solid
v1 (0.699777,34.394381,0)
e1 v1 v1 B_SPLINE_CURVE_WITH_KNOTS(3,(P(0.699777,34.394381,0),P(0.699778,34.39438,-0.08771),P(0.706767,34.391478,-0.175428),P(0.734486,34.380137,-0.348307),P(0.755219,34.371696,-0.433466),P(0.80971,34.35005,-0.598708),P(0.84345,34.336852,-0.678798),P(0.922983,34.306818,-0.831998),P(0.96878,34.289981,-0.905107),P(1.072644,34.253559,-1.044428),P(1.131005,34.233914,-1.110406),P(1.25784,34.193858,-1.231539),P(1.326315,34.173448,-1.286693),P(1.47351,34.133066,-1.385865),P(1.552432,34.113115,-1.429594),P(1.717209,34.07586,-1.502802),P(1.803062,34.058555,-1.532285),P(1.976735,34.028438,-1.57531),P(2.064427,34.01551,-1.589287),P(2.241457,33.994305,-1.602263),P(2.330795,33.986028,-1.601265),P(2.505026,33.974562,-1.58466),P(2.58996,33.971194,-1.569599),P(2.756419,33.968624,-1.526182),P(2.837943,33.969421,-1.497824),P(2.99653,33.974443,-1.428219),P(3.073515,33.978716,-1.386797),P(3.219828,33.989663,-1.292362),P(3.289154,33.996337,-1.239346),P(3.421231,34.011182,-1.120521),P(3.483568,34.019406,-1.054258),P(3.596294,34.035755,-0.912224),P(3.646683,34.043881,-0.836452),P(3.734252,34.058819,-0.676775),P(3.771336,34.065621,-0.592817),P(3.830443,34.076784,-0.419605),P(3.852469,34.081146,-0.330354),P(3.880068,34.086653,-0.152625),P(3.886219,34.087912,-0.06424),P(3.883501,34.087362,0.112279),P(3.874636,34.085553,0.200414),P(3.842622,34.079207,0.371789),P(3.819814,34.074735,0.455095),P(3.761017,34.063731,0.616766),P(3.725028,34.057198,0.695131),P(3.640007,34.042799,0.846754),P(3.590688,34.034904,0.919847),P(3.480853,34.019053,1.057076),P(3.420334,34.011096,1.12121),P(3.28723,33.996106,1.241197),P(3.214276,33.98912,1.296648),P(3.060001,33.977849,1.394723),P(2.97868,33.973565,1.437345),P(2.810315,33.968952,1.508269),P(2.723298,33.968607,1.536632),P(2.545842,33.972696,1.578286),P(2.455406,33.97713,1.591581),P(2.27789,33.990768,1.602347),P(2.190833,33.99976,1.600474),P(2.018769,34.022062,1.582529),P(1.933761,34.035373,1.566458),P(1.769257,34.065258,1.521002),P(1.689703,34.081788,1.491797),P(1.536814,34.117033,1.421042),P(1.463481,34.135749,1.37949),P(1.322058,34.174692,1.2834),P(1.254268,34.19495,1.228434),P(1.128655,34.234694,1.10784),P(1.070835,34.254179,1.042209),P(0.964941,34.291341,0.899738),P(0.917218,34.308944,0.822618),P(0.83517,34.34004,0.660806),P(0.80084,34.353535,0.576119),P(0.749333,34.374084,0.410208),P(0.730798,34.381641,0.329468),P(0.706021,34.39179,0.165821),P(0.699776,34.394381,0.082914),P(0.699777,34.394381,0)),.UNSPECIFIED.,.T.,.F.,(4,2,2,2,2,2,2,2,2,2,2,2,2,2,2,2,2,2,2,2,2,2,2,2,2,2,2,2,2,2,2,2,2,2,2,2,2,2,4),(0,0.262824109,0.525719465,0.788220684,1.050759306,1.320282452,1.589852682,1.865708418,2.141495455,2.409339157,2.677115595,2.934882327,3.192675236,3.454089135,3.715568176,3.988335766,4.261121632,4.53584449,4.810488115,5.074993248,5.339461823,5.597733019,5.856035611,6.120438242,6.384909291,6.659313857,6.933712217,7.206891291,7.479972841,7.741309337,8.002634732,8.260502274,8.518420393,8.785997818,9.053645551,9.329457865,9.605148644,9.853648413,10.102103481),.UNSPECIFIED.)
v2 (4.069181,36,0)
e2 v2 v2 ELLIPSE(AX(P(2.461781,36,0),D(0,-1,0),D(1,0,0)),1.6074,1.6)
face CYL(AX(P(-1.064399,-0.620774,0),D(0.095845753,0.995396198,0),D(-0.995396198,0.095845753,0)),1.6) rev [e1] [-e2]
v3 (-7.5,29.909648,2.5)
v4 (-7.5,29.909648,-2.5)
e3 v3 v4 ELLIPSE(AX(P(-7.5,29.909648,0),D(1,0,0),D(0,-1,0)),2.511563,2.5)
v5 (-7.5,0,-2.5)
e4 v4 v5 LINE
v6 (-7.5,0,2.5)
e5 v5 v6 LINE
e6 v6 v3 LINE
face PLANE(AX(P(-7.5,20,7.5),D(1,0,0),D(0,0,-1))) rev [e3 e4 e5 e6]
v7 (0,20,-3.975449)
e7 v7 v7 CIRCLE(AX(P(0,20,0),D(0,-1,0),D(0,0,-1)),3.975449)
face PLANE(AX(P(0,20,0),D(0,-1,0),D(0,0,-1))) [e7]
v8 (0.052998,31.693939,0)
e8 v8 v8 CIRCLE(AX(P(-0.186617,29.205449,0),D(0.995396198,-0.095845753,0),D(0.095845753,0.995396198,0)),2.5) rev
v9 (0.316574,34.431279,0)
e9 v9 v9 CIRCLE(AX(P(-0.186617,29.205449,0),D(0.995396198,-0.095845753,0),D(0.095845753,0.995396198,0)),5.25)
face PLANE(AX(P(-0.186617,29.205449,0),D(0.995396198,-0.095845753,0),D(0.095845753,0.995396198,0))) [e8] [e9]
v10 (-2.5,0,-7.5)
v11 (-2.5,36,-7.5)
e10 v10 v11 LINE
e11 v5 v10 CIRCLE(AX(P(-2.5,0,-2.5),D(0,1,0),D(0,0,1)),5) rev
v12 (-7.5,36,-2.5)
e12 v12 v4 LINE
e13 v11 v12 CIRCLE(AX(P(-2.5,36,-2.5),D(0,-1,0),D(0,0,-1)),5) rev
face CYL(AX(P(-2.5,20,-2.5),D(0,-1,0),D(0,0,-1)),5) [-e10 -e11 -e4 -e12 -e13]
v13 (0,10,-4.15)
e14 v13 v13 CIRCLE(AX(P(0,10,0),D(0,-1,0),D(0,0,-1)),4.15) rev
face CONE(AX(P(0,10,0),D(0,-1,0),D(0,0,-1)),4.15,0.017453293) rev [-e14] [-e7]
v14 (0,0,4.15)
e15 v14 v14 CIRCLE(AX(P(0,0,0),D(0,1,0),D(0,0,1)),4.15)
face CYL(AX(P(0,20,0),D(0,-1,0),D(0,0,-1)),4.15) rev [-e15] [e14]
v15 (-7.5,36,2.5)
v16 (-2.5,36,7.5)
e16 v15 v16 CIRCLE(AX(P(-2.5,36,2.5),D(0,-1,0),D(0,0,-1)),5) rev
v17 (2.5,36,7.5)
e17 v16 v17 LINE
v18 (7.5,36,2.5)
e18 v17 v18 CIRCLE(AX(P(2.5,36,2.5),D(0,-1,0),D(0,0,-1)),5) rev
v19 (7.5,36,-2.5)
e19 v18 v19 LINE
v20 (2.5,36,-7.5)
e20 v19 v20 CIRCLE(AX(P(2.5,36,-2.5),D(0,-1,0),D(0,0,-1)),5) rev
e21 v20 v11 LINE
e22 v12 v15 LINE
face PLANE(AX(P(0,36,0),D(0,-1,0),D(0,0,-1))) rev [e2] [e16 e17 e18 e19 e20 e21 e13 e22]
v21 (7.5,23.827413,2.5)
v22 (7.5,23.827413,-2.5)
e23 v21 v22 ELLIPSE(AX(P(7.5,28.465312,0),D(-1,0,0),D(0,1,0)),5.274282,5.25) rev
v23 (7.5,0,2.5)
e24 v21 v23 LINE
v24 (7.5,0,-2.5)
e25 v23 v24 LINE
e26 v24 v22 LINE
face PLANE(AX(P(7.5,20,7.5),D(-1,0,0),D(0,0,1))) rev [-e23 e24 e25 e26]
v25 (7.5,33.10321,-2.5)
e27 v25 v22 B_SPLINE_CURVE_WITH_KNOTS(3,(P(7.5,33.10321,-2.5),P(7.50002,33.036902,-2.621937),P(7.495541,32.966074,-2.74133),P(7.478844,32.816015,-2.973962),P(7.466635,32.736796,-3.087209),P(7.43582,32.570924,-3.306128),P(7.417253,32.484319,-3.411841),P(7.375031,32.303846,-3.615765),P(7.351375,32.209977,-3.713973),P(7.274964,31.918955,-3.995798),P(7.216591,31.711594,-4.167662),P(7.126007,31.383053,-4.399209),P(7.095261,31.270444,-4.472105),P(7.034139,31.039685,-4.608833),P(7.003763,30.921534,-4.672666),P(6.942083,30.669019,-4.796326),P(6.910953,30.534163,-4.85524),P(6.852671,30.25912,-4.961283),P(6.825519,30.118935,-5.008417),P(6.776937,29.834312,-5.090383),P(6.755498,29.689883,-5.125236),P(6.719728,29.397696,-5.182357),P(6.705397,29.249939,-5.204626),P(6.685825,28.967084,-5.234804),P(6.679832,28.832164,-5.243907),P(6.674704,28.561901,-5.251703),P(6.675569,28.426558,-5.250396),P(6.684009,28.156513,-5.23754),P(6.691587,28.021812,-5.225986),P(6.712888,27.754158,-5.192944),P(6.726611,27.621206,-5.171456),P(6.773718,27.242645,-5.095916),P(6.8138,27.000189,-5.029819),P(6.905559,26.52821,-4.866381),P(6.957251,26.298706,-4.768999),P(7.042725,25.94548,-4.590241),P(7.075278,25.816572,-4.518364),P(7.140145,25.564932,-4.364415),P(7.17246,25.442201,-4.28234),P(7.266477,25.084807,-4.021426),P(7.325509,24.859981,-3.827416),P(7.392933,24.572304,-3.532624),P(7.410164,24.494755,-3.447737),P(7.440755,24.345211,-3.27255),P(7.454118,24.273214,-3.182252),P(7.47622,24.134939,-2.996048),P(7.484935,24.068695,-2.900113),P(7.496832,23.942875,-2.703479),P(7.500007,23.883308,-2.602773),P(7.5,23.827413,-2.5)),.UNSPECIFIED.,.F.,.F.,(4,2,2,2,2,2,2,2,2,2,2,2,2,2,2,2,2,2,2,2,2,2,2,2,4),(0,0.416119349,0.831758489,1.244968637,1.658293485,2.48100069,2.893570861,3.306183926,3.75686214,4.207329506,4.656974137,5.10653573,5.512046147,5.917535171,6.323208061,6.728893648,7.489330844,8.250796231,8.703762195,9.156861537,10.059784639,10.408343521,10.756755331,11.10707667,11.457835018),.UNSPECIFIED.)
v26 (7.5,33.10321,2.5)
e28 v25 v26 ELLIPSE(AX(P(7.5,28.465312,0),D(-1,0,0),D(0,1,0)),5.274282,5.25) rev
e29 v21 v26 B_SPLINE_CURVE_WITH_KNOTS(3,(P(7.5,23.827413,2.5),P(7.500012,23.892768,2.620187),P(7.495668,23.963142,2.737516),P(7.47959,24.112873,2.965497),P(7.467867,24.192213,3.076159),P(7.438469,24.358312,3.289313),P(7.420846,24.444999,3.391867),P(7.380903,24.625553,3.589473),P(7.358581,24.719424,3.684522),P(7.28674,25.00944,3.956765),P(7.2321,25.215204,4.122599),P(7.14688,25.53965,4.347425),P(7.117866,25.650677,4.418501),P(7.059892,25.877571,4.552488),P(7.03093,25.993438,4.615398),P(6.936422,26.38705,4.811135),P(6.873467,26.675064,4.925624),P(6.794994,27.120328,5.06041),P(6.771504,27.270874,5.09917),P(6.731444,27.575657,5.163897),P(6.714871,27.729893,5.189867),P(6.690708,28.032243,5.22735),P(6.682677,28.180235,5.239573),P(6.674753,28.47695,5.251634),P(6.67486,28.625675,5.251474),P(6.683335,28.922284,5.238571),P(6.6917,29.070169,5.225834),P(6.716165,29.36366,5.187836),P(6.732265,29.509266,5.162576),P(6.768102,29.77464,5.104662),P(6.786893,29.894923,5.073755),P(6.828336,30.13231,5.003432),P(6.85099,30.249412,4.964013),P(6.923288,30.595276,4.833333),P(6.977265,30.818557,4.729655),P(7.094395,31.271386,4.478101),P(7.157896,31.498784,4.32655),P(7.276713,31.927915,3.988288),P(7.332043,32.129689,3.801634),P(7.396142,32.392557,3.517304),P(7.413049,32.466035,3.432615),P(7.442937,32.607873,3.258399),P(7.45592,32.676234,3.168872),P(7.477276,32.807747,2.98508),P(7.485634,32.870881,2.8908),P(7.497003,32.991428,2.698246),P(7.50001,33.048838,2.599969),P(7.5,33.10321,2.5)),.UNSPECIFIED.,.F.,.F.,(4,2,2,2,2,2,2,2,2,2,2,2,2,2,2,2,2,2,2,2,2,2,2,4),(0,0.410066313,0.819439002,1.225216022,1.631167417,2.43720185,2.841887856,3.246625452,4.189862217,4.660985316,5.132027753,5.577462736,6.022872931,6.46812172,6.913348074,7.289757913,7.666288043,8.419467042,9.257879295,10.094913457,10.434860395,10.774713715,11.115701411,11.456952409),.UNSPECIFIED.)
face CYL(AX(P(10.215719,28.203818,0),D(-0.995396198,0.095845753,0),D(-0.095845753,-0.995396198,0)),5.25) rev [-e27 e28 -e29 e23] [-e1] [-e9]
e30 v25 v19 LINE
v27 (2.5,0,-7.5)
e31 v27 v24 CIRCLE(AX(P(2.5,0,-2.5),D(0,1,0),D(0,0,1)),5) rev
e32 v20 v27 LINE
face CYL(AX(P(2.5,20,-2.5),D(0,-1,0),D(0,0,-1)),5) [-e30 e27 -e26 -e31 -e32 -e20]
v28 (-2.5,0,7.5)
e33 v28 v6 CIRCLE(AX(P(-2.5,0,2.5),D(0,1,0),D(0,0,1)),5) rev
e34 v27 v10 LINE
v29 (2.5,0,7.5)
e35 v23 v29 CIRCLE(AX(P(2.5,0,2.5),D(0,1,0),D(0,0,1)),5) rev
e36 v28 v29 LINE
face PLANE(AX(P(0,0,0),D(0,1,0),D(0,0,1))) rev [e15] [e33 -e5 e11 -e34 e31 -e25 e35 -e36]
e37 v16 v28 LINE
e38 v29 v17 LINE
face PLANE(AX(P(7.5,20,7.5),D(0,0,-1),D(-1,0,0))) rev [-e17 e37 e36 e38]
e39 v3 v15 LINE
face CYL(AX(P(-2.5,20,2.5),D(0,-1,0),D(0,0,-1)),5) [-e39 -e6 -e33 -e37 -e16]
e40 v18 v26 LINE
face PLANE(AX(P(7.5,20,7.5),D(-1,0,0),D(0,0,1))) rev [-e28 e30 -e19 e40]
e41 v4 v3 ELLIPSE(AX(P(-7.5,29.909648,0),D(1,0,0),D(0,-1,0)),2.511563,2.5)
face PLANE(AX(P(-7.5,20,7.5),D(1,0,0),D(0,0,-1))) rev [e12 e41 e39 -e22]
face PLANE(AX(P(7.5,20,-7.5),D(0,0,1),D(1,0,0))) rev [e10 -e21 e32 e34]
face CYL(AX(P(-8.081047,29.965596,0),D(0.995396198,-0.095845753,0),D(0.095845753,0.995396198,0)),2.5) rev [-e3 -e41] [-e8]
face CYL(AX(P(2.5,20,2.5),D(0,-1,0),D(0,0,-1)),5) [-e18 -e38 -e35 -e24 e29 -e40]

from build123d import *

# Parameters (mm, degrees)
SKETCH1_W                      = 15
SKETCH1_H                      = 15
SKETCH1_R                      = 4.15
BOSS_EXTRUDE1_DEPTH            = 20
SKETCH2_W                      = 15
SKETCH2_H                      = 15
BOSS_EXTRUDE2_DEPTH            = 16
FILLET1_R                      = 5
CUT_EXTRUDE1_DEPTH             = 39.422077783
CUT_EXTRUDE1_DEPTH_BACK        = 39.422077783
SKETCH3_R                      = 2.5
CUT_EXTRUDE2_DEPTH             = 39.422077783
CUT_EXTRUDE2_DEPTH_BACK        = 7
SKETCH4_R                      = 5.25
CUT_EXTRUDE3_REACH             = 44.637
SKETCH5_R                      = 1.6
CUT_EXTRUDE3_DIRECTION_2_DEPTH = 10
CHAMFER1_SIZE                  = 10
CHAMFER1_SIZE2                 = 0.174550649


with BuildPart() as part:
    # Sketch1 → Boss-Extrude1 (new body)
    with BuildSketch(Plane(origin=(0, 0, 0), x_dir=(1, 0, 0), z_dir=(0, 1, 0))):
        Rectangle(SKETCH1_W, SKETCH1_H)
        Circle(SKETCH1_R, mode=Mode.SUBTRACT)
    extrude(amount=BOSS_EXTRUDE1_DEPTH)

    # Sketch2 → Boss-Extrude2 (add)
    with BuildSketch(Plane(origin=(0, 20, 0), x_dir=(1, 0, 0), z_dir=(0, 1, 0))):
        Rectangle(SKETCH2_W, SKETCH2_H)
    extrude(amount=BOSS_EXTRUDE2_DEPTH)

    # Fillet1
    fillet1_edges = [part.edges().sort_by_distance(p)[0] for p in [
        (-7.5, 18, -7.5),
        (7.5, 18, -7.5),
        (-7.5, 18, 7.5),
        (7.5, 18, 7.5),
    ]]
    fillet(fillet1_edges, radius=FILLET1_R)

    # Sketch3 → Cut-Extrude1 (cut, two sides: drawn at the far end of the back side and taken through both)
    with BuildSketch(Plane(origin=(4.046061336, 0.129475488, 0), x_dir=(0, 0, -1), z_dir=(0.9953961983671789, -0.09584575252022422, 0)).offset(-CUT_EXTRUDE1_DEPTH_BACK)):
        with Locations((0, 28.536429083)):
            Circle(SKETCH3_R)
    extrude(amount=CUT_EXTRUDE1_DEPTH + CUT_EXTRUDE1_DEPTH_BACK, mode=Mode.SUBTRACT)

    # Sketch4 → Cut-Extrude2 (cut, two sides: drawn at the far end of the back side and taken through both)
    with BuildSketch(Plane(origin=(4.046061336, 0.129475488, 0), x_dir=(0, 0, -1), z_dir=(0.9953961983671789, -0.09584575252022422, 0)).offset(-CUT_EXTRUDE2_DEPTH_BACK)):
        with Locations((0, 28.536429083)):
            Circle(SKETCH4_R)
    extrude(amount=CUT_EXTRUDE2_DEPTH + CUT_EXTRUDE2_DEPTH_BACK, mode=Mode.SUBTRACT)

    # Sketch5 → Cut-Extrude3 (cut, up to next)
    with BuildSketch(Plane(origin=(15.282832762, 35.250598441, 0), x_dir=(-0.9953961983671784, 0.09584575252022766, 0), z_dir=(-0.09584575252022767, -0.9953961983671784, 0)), mode=Mode.PRIVATE) as cut_extrude3_sk1:
        with Locations((12.833853497, 0)):
            Circle(SKETCH5_R)
    cut_extrude3_tool1 = extrude(cut_extrude3_sk1.sketch, amount=CUT_EXTRUDE3_REACH, mode=Mode.PRIVATE) & part.part
    add(cut_extrude3_tool1.solids().sort_by_distance((2.508064, 36.480669, 0))[0], mode=Mode.SUBTRACT)

    # Sketch5 → Cut-Extrude3 direction 2 (cut)
    with BuildSketch(Plane(origin=(15.282832762, 35.250598441, 0), x_dir=(-0.9953961983671784, 0.09584575252022766, 0), z_dir=(-0.09584575252022767, -0.9953961983671784, 0))):
        with Locations((12.833853497, 0)):
            Circle(SKETCH5_R)
    extrude(amount=-CUT_EXTRUDE3_DIRECTION_2_DEPTH, mode=Mode.SUBTRACT)

    # Chamfer1
    chamfer1_edges = [part.edges().sort_by_distance(p)[0] for p in [
        (-4.15, 20, 0),
    ]]
    chamfer1_side = [part.faces().sort_by_distance(p)[0] for p in [
        (-4.15, 10, 0),
    ]]
    chamfer(chamfer1_edges, length=CHAMFER1_SIZE, length2=CHAMFER1_SIZE2, reference=chamfer1_side[0])


solid = part.part
